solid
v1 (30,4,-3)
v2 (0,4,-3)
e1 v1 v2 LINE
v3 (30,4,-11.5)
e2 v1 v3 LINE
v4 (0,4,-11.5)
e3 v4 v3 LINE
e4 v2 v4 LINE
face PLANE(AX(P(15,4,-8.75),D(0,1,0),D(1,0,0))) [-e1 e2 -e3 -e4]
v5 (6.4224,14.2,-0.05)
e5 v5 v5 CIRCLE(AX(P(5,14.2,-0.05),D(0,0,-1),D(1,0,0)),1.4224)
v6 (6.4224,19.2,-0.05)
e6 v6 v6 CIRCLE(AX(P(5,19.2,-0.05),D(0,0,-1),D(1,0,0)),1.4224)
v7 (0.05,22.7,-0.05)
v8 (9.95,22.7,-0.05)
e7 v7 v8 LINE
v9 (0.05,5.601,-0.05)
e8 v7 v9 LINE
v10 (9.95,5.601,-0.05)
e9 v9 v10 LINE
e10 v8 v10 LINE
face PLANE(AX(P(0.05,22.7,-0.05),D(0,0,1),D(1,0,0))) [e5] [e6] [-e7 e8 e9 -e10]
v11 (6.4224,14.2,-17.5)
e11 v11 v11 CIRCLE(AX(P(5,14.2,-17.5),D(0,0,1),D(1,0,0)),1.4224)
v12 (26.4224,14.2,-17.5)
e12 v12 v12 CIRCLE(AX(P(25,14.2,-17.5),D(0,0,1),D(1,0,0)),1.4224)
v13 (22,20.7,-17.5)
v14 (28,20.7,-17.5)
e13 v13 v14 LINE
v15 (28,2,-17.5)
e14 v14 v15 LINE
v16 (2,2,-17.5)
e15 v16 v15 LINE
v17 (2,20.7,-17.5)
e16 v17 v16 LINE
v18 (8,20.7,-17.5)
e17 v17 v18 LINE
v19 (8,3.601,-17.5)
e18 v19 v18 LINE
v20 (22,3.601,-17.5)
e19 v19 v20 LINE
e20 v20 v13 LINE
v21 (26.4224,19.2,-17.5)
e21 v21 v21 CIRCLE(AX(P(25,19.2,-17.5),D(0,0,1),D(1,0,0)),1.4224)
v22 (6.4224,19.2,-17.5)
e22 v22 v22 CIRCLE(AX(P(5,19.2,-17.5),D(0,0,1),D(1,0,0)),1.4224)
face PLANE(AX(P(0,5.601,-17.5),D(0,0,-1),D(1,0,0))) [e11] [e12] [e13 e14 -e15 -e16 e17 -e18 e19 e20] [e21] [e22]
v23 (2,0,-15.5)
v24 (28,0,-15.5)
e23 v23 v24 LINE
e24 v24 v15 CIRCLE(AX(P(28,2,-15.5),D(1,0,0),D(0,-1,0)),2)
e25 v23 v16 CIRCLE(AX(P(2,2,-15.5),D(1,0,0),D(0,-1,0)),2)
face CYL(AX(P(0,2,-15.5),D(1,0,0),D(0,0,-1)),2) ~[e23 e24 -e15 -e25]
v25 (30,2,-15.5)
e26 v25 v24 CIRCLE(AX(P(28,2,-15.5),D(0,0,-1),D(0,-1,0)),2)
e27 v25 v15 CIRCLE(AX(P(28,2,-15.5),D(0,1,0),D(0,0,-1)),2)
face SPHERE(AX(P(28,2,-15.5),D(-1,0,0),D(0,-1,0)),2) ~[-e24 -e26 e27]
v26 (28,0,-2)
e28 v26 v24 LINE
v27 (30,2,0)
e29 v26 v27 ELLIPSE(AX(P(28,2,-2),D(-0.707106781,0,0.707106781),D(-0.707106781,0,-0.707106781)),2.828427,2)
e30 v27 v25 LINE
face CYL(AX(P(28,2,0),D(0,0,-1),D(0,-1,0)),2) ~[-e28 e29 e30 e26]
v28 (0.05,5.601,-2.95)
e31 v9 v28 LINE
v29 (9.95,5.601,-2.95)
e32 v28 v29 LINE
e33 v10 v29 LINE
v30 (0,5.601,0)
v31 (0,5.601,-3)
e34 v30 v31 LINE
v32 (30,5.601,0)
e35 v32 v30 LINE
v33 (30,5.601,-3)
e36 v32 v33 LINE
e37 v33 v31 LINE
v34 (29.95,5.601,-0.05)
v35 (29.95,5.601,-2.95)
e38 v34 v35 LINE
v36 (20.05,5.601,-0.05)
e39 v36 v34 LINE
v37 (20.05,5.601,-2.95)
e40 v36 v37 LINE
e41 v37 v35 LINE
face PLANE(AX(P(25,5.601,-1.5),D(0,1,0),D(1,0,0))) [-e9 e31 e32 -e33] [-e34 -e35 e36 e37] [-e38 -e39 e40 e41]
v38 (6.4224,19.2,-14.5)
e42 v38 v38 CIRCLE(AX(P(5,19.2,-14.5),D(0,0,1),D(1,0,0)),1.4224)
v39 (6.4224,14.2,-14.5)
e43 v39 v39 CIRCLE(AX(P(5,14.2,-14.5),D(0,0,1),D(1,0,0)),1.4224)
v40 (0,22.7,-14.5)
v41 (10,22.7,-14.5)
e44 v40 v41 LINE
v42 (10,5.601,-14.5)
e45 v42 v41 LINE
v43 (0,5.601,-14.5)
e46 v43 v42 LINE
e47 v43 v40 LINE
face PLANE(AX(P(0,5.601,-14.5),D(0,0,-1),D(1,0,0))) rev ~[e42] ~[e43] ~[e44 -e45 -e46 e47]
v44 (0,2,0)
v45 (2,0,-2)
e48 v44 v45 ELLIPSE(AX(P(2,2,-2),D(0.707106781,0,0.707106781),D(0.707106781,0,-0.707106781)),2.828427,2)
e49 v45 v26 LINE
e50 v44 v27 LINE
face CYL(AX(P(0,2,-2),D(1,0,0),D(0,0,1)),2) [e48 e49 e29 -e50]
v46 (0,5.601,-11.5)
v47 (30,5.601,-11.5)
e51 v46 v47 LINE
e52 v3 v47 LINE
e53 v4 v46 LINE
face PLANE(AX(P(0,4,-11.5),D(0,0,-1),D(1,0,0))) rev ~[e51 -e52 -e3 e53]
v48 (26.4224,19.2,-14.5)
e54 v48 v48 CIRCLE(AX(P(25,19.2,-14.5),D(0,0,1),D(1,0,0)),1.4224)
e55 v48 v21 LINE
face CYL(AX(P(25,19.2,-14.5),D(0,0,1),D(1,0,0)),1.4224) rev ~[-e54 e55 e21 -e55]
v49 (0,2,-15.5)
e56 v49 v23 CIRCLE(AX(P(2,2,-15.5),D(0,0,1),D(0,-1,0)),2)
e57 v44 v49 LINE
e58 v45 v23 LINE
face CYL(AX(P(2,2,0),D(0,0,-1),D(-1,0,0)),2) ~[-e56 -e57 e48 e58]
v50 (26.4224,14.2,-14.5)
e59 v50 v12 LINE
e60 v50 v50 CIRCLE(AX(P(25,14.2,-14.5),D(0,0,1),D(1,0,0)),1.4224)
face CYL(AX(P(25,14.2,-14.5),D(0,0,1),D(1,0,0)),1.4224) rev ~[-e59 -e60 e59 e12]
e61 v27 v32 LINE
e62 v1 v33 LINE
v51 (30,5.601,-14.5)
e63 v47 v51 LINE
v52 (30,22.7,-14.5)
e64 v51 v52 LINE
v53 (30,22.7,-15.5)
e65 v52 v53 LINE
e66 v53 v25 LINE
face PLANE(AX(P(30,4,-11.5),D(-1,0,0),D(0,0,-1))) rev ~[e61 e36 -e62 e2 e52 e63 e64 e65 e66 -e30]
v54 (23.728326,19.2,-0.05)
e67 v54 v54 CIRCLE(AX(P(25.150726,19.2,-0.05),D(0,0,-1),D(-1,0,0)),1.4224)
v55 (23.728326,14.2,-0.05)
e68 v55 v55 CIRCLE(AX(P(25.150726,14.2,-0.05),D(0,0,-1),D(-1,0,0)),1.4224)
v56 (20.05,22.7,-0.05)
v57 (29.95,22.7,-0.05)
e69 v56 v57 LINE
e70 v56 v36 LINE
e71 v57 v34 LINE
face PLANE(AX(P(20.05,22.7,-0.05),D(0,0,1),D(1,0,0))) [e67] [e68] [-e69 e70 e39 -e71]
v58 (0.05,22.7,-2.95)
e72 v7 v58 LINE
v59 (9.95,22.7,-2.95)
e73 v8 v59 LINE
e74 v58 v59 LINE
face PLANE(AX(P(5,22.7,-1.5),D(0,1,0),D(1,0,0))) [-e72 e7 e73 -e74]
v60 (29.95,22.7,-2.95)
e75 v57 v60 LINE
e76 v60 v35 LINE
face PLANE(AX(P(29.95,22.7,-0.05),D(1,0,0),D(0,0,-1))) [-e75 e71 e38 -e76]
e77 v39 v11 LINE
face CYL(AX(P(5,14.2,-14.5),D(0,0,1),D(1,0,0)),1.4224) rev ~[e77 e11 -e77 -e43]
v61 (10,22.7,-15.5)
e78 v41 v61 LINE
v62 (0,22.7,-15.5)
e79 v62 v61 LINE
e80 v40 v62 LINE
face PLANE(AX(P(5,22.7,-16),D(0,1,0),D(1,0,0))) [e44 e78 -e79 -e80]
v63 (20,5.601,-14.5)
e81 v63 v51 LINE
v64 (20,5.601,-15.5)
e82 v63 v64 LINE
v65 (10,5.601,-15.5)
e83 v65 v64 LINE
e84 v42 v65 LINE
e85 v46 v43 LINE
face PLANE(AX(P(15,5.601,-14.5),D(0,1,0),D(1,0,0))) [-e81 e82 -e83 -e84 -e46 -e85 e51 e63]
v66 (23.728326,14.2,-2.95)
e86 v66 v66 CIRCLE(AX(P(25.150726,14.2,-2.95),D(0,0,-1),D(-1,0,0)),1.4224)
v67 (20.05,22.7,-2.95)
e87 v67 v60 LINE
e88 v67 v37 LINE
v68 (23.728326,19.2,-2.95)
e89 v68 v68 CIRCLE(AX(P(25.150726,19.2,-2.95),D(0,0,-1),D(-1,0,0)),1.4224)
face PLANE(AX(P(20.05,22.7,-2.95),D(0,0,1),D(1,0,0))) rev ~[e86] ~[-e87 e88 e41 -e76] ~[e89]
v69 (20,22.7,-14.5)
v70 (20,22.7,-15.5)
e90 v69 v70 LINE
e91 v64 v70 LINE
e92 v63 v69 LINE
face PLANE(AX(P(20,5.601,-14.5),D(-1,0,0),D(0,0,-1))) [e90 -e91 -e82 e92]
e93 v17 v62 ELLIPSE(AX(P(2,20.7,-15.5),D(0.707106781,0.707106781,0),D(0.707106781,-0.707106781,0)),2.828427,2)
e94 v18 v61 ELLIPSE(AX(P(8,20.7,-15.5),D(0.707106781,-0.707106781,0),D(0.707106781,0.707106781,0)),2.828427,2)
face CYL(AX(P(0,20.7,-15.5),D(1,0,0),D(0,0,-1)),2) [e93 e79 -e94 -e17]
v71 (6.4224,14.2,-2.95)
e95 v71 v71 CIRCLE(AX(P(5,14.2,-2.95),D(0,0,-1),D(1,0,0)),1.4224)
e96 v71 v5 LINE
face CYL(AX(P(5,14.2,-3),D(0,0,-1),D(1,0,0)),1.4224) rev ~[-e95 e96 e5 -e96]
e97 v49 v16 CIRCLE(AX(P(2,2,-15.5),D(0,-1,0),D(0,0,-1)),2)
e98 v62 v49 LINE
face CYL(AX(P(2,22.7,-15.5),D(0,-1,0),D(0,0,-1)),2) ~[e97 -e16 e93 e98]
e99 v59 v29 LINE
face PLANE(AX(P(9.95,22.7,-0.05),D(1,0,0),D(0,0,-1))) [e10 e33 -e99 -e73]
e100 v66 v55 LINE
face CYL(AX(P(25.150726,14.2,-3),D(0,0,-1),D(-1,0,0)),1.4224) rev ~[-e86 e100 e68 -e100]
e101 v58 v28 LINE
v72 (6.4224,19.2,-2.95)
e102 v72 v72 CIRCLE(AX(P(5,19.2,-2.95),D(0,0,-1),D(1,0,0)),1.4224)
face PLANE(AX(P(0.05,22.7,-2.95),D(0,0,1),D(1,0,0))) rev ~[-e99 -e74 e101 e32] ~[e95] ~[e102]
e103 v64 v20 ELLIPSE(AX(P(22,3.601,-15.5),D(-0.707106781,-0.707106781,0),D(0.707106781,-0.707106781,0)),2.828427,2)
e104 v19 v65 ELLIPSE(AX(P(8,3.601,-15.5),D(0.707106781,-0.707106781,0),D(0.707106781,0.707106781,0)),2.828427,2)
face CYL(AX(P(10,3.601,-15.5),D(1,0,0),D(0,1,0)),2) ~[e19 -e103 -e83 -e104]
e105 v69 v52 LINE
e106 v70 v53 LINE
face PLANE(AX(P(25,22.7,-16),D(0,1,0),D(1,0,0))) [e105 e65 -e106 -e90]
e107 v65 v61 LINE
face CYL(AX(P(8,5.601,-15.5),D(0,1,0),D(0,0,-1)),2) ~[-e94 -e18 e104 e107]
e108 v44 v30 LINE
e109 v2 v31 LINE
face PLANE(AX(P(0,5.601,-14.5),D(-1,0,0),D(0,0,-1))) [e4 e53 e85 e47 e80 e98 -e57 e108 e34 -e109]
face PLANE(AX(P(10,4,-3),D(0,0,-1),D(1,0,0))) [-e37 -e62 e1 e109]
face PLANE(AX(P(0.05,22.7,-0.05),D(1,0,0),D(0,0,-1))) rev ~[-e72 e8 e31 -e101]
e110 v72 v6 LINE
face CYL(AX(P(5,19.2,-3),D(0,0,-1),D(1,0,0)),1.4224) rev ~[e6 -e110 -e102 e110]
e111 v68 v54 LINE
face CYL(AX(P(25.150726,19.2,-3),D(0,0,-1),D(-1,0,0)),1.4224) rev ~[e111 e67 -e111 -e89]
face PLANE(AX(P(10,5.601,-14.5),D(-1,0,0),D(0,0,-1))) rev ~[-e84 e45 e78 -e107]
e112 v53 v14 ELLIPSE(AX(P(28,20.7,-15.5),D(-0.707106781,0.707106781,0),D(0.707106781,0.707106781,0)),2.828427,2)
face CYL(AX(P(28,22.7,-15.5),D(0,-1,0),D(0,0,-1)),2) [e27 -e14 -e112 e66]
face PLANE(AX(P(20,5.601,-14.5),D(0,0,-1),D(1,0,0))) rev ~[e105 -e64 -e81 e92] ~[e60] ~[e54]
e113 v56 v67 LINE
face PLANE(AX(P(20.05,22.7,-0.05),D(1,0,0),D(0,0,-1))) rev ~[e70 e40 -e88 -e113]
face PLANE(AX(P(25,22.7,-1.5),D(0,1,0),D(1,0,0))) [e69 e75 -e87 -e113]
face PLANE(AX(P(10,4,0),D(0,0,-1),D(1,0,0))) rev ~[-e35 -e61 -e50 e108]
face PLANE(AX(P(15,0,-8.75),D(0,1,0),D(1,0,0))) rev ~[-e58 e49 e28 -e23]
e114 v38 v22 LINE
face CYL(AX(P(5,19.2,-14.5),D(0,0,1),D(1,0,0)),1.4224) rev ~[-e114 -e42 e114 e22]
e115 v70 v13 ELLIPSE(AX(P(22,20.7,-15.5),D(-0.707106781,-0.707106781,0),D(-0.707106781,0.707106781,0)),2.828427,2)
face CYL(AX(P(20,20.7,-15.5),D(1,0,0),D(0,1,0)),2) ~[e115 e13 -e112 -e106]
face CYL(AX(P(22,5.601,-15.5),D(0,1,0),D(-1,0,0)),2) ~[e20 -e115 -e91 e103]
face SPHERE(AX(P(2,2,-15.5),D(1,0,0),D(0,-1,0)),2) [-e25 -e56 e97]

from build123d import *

# Parameters (mm, degrees)
SKETCH1_W           = 30
SKETCH1_H           = 17.5
BOSS_EXTRUDE1_DEPTH = 4
SKETCH2_W           = 30
SKETCH2_H           = 6
BOSS_EXTRUDE2_DEPTH = 1.601
SKETCH3_W           = 10
SKETCH3_H           = 3
BOSS_EXTRUDE3_DEPTH = 18.7
SKETCH4_W           = 10
SKETCH4_H           = 3
BOSS_EXTRUDE4_DEPTH = 17.099
SKETCH5_W           = 10
SKETCH5_H           = 3
BOSS_EXTRUDE5_DEPTH = 1.601
FILLET1_R           = 2
CUT_EXTRUDE1_REACH  = 42.318
SKETCH6_R           = 1.4224
CUT_EXTRUDE2_REACH  = 42.318
SKETCH7_R           = 1.4224
SKETCH9_W           = 10
SKETCH9_H           = 3
SKETCH9_W_2         = 9.9
SKETCH9_H_2         = 2.9
CUT_EXTRUDE3_DEPTH  = 17.099


with BuildPart() as part:
    # Sketch1 → Boss-Extrude1 (new body)
    with BuildSketch(Plane(origin=(0, 0, 0), x_dir=(1, 0, 0), z_dir=(0, 1, 0))):
        with Locations((15, 8.75)):
            Rectangle(SKETCH1_W, SKETCH1_H)
    extrude(amount=BOSS_EXTRUDE1_DEPTH)

    # Sketch2 → Boss-Extrude2 (add)
    with BuildSketch(Plane(origin=(0, 4, 0), x_dir=(1, 0, 0), z_dir=(0, 1, 0))):
        with Locations((15, 14.5)):
            Rectangle(SKETCH2_W, SKETCH2_H)
    extrude(amount=BOSS_EXTRUDE2_DEPTH)

    # Sketch3 → Boss-Extrude3 (add)
    with BuildSketch(Plane(origin=(0, 4, 0), x_dir=(1, 0, 0), z_dir=(0, 1, 0))):
        with Locations((5, 1.5)):
            Rectangle(SKETCH3_W, SKETCH3_H)
        with Locations((25, 1.5)):
            Rectangle(SKETCH3_W, SKETCH3_H)
    extrude(amount=BOSS_EXTRUDE3_DEPTH)

    # Sketch4 → Boss-Extrude4 (add)
    with BuildSketch(Plane(origin=(0, 5.601, 0), x_dir=(1, 0, 0), z_dir=(0, 1, 0))):
        with Locations((5, 16)):
            Rectangle(SKETCH4_W, SKETCH4_H)
        with Locations((25, 16)):
            Rectangle(SKETCH4_W, SKETCH4_H)
    extrude(amount=BOSS_EXTRUDE4_DEPTH)

    # Sketch5 → Boss-Extrude5 (add)
    with BuildSketch(Plane(origin=(0, 4, 0), x_dir=(1, 0, 0), z_dir=(0, 1, 0))):
        with Locations((15, 1.5)):
            Rectangle(SKETCH5_W, SKETCH5_H)
    extrude(amount=BOSS_EXTRUDE5_DEPTH)

    # Fillet1
    fillet1_edges = [part.edges().sort_by_distance(p)[0] for p in [
        (15, 0, -17.5),
        (30, 0, -8.75),
        (15, 0, 0),
        (10, 14.1505, -17.5),
        (5, 22.7, -17.5),
        (0, 0, -8.75),
        (15, 5.601, -17.5),
        (20, 14.1505, -17.5),
        (25, 22.7, -17.5),
        (0, 11.35, -17.5),
        (30, 11.35, -17.5),
    ]]
    fillet(fillet1_edges, radius=FILLET1_R)

    # Sketch6 → Cut-Extrude1 (cut, up to next)
    with BuildSketch(Plane.XY.offset(-14.5), mode=Mode.PRIVATE) as cut_extrude1_sk1:
        with Locations((5, 19.2)):
            Circle(SKETCH6_R)
    cut_extrude1_tool1 = extrude(cut_extrude1_sk1.sketch, amount=-CUT_EXTRUDE1_REACH, mode=Mode.PRIVATE) & part.part
    # Sketch6 → Cut-Extrude1 (cut, up to next)
    with BuildSketch(Plane.XY.offset(-14.5), mode=Mode.PRIVATE) as cut_extrude1_sk2:
        with Locations((25, 19.2)):
            Circle(SKETCH6_R)
    cut_extrude1_tool2 = extrude(cut_extrude1_sk2.sketch, amount=-CUT_EXTRUDE1_REACH, mode=Mode.PRIVATE) & part.part
    # Sketch6 → Cut-Extrude1 (cut, up to next)
    with BuildSketch(Plane.XY.offset(-14.5), mode=Mode.PRIVATE) as cut_extrude1_sk3:
        with Locations((5, 14.2)):
            Circle(SKETCH6_R)
    cut_extrude1_tool3 = extrude(cut_extrude1_sk3.sketch, amount=-CUT_EXTRUDE1_REACH, mode=Mode.PRIVATE) & part.part
    # Sketch6 → Cut-Extrude1 (cut, up to next)
    with BuildSketch(Plane.XY.offset(-14.5), mode=Mode.PRIVATE) as cut_extrude1_sk4:
        with Locations((25, 14.2)):
            Circle(SKETCH6_R)
    cut_extrude1_tool4 = extrude(cut_extrude1_sk4.sketch, amount=-CUT_EXTRUDE1_REACH, mode=Mode.PRIVATE) & part.part
    add(cut_extrude1_tool1.solids().sort_by_distance((5, 19.2, -14.5))[0], mode=Mode.SUBTRACT)
    add(cut_extrude1_tool2.solids().sort_by_distance((25, 19.2, -14.5))[0], mode=Mode.SUBTRACT)
    add(cut_extrude1_tool3.solids().sort_by_distance((5, 14.2, -14.5))[0], mode=Mode.SUBTRACT)
    add(cut_extrude1_tool4.solids().sort_by_distance((25, 14.2, -14.5))[0], mode=Mode.SUBTRACT)

    # Sketch7 → Cut-Extrude2 (cut, up to next)
    with BuildSketch(Plane(origin=(0, 0, -3), x_dir=(-1, 0, 0), z_dir=(0, 0, -1)), mode=Mode.PRIVATE) as cut_extrude2_sk1:
        with Locations(Location((-5, 19.2, 0), (0, 0, 180))):
            Circle(SKETCH7_R)
    cut_extrude2_tool1 = extrude(cut_extrude2_sk1.sketch, amount=-CUT_EXTRUDE2_REACH, mode=Mode.PRIVATE) & part.part
    # Sketch7 → Cut-Extrude2 (cut, up to next)
    with BuildSketch(Plane(origin=(0, 0, -3), x_dir=(-1, 0, 0), z_dir=(0, 0, -1)), mode=Mode.PRIVATE) as cut_extrude2_sk2:
        with Locations((-25.150725931, 19.2)):
            Circle(SKETCH7_R)
    cut_extrude2_tool2 = extrude(cut_extrude2_sk2.sketch, amount=-CUT_EXTRUDE2_REACH, mode=Mode.PRIVATE) & part.part
    # Sketch7 → Cut-Extrude2 (cut, up to next)
    with BuildSketch(Plane(origin=(0, 0, -3), x_dir=(-1, 0, 0), z_dir=(0, 0, -1)), mode=Mode.PRIVATE) as cut_extrude2_sk3:
        with Locations((-25.150725931, 14.2)):
            Circle(SKETCH7_R)
    cut_extrude2_tool3 = extrude(cut_extrude2_sk3.sketch, amount=-CUT_EXTRUDE2_REACH, mode=Mode.PRIVATE) & part.part
    # Sketch7 → Cut-Extrude2 (cut, up to next)
    with BuildSketch(Plane(origin=(0, 0, -3), x_dir=(-1, 0, 0), z_dir=(0, 0, -1)), mode=Mode.PRIVATE) as cut_extrude2_sk4:
        with Locations(Location((-5, 14.2, 0), (0, 0, 180))):
            Circle(SKETCH7_R)
    cut_extrude2_tool4 = extrude(cut_extrude2_sk4.sketch, amount=-CUT_EXTRUDE2_REACH, mode=Mode.PRIVATE) & part.part
    add(cut_extrude2_tool1.solids().sort_by_distance((5, 19.2, -3))[0], mode=Mode.SUBTRACT)
    add(cut_extrude2_tool2.solids().sort_by_distance((25.150726, 19.2, -3))[0], mode=Mode.SUBTRACT)
    add(cut_extrude2_tool3.solids().sort_by_distance((25.150726, 14.2, -3))[0], mode=Mode.SUBTRACT)
    add(cut_extrude2_tool4.solids().sort_by_distance((5, 14.2, -3))[0], mode=Mode.SUBTRACT)

    # Sketch9 → Cut-Extrude3 (cut)
    # profile 1 of 2: a face of its own
    with BuildSketch(Plane(origin=(0, 22.7, 0), x_dir=(1, 0, 0), z_dir=(0, 1, 0))):
        with Locations((25, 1.5)):
            Rectangle(SKETCH9_W, SKETCH9_H)
        with Locations((25, 1.5)):
            Rectangle(SKETCH9_W_2, SKETCH9_H_2, mode=Mode.SUBTRACT)
    # profile 2 of 2: a face of its own
    with BuildSketch(Plane(origin=(0, 22.7, 0), x_dir=(1, 0, 0), z_dir=(0, 1, 0))):
        with Locations((5, 1.5)):
            Rectangle(SKETCH9_W, SKETCH9_H)
        with Locations((5, 1.5)):
            Rectangle(SKETCH9_W_2, SKETCH9_H_2, mode=Mode.SUBTRACT)
    extrude(amount=-CUT_EXTRUDE3_DEPTH, mode=Mode.SUBTRACT)


solid = part.part
